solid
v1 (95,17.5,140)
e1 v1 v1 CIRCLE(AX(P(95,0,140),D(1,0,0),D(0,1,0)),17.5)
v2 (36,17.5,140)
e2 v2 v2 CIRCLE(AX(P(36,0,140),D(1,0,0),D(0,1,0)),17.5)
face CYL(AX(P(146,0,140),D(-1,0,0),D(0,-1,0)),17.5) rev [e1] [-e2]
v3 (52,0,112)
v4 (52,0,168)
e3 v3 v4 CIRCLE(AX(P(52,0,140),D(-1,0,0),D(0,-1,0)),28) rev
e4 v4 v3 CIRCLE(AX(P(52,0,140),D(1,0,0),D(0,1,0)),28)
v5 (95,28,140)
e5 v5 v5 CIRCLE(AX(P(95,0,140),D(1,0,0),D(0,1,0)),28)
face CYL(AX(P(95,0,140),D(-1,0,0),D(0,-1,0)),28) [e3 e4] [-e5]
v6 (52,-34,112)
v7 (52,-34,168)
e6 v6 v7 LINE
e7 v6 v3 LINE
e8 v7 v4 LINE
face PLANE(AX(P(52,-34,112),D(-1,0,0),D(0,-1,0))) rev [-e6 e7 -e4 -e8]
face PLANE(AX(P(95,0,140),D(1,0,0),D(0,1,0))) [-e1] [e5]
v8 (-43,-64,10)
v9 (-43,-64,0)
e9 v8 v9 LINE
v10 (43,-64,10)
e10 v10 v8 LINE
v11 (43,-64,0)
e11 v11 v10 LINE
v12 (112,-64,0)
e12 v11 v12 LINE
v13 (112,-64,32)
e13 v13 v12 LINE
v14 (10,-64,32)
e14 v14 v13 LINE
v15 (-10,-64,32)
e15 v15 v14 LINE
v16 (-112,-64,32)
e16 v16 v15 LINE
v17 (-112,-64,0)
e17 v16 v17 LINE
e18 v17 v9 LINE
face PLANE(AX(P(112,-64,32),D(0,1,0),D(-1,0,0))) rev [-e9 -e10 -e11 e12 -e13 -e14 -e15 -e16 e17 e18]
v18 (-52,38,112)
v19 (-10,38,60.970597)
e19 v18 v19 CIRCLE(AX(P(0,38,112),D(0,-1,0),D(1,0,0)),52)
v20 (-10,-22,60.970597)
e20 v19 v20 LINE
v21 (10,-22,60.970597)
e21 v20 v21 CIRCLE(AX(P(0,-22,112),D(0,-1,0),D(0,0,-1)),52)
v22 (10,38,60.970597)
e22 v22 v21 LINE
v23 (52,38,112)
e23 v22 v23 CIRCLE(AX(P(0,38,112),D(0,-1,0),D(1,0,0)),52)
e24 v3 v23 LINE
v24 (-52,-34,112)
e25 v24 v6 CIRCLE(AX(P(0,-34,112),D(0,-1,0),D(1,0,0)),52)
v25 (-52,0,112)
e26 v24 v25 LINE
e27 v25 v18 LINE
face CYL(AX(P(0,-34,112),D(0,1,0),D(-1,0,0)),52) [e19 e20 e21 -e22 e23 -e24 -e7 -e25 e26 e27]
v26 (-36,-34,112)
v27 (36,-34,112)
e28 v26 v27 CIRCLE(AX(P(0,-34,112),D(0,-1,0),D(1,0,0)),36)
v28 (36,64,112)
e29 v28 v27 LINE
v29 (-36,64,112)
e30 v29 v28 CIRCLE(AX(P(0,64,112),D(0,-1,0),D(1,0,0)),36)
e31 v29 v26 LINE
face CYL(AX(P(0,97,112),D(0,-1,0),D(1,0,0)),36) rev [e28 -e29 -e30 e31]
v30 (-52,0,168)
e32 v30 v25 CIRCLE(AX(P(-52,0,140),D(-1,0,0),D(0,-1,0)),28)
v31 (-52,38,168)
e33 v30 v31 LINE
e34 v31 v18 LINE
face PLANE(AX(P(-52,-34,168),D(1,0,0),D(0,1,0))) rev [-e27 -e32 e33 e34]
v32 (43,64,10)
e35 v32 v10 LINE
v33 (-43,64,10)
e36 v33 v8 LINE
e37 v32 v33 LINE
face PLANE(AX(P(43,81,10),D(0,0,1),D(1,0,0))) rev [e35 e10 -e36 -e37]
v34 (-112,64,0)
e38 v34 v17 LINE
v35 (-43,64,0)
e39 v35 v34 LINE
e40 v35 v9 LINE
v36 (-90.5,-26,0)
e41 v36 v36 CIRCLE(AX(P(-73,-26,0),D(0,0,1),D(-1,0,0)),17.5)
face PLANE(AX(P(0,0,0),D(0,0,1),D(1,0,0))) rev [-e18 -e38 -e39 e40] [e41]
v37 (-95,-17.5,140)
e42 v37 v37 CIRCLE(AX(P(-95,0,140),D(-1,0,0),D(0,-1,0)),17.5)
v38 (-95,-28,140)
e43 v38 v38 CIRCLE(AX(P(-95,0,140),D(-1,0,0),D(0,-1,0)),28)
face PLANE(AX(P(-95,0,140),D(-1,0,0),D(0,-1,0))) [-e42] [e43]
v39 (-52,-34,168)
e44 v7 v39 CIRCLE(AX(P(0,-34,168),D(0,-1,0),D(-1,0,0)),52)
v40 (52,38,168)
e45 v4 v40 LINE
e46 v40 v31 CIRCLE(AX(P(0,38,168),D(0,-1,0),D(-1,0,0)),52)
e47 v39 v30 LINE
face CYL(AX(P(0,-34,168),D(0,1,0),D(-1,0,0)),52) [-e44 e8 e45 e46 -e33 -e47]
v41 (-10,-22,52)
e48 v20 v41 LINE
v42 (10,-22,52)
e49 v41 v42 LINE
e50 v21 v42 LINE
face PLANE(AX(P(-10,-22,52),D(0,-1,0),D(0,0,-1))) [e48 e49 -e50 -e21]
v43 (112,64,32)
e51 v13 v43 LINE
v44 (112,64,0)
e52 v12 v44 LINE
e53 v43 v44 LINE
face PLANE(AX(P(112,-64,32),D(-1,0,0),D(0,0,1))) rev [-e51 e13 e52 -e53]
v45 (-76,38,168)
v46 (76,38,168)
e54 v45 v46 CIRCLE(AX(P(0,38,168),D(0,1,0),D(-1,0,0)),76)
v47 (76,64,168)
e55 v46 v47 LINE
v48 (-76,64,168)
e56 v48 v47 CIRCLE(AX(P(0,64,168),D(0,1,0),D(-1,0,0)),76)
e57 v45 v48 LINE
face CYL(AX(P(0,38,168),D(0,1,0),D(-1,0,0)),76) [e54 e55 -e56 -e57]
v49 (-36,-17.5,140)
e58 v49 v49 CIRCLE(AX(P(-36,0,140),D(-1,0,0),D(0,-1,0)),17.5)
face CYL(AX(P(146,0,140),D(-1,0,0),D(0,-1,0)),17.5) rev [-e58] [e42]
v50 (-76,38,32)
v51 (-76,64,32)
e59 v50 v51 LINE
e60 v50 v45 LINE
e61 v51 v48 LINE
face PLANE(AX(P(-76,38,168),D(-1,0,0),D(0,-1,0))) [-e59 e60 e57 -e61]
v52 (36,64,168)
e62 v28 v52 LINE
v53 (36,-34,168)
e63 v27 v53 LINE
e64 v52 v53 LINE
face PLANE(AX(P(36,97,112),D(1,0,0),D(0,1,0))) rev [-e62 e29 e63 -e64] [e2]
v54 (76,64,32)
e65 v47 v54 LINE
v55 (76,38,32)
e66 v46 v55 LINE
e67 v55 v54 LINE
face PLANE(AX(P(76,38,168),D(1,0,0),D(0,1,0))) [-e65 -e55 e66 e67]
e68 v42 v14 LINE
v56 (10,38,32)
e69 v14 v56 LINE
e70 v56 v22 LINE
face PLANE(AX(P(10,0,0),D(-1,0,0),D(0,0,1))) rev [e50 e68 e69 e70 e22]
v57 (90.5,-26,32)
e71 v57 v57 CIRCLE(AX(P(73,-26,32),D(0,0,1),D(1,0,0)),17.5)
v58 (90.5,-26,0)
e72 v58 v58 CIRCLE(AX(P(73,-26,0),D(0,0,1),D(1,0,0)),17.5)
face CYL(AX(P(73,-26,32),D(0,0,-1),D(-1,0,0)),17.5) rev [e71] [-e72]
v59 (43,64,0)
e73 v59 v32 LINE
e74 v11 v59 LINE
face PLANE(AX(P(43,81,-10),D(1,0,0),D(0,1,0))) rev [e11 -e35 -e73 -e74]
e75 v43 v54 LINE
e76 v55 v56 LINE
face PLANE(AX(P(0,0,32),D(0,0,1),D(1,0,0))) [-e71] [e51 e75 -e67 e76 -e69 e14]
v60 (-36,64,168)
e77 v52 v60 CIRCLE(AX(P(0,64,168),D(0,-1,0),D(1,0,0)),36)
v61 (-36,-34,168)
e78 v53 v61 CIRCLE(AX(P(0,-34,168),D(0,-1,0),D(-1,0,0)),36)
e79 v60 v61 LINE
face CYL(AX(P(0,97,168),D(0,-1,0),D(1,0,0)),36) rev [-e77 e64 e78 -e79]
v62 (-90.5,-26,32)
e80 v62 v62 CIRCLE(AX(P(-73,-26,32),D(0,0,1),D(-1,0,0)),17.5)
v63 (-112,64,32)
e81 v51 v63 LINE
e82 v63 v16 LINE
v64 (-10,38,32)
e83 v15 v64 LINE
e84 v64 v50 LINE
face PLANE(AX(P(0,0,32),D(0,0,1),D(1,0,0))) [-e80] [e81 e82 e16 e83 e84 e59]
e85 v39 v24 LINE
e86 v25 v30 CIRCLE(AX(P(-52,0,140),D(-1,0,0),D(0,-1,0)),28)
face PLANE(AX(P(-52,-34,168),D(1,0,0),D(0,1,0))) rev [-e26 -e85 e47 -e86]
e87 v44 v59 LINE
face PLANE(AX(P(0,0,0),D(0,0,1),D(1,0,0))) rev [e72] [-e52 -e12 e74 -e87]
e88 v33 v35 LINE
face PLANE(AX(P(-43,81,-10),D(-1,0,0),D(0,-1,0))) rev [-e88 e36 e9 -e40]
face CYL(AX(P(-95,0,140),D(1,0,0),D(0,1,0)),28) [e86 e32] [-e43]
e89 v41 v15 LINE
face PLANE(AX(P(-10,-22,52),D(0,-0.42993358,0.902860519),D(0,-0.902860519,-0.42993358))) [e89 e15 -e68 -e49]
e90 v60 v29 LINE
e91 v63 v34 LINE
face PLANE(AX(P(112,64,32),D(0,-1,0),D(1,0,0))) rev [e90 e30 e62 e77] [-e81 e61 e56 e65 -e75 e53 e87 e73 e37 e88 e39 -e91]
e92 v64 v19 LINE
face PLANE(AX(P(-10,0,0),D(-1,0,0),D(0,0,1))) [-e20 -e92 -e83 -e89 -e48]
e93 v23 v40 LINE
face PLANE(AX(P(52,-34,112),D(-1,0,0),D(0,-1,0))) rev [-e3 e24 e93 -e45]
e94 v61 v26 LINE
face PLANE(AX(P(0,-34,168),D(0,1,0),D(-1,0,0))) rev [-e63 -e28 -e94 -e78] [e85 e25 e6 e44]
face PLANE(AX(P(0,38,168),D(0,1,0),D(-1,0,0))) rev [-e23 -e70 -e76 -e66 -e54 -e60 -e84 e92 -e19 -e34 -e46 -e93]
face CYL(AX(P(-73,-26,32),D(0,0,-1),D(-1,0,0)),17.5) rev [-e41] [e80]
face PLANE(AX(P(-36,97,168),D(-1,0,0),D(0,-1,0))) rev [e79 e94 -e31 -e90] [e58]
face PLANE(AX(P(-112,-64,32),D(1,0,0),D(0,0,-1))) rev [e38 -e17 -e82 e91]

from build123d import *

# Parameters (mm, degrees)
SKETCH_1_W           = 224
SKETCH_1_H           = 128
SKETCH_1_R           = 17.5
EXTRUDE_1_DEPTH      = 32
SKETCH_2_W           = 86
SKETCH_2_H           = 20
CUT_EXTRUDE_1_DEPTH  = 145
EXTRUDE_2_DEPTH      = 26
EXTRUDE_3_DEPTH      = 72
CUT_EXTRUDE_2_DEPTH  = 131
SKETCH_6_R           = 28
EXTRUDE_5_DEPTH      = 43
EXTRUDE_START        = 43
SKETCH_7_R           = 28
EXTRUDE_6_DEPTH      = 43
SKETCH_8_R           = 17.5
CUT_EXTRUDE_3_DEPTH  = 241
EXTRUDE_7_DEPTH      = 10
EXTRUDE_7_DEPTH_BACK = 10


with BuildPart() as part:
    # 草图1 → 凸台-拉伸1 (new body)
    with BuildSketch(Plane.XY):
        Rectangle(SKETCH_1_W, SKETCH_1_H)
        with Locations((73, -26)):
            Circle(SKETCH_1_R, mode=Mode.SUBTRACT)
        with Locations(Location((-73, -26, 0), (0, 0, 180))):
            Circle(SKETCH_1_R, mode=Mode.SUBTRACT)
    extrude(amount=EXTRUDE_1_DEPTH)

    # 草图2 → 切除-拉伸1 (cut)
    with BuildSketch(Plane.XZ.offset(64)):
        Rectangle(SKETCH_2_W, SKETCH_2_H)
    extrude(amount=-CUT_EXTRUDE_1_DEPTH, mode=Mode.SUBTRACT)

    # 草图3 → 凸台-拉伸2 (add)
    with BuildSketch(Plane(origin=(0, 64, 0), x_dir=(1, 0, 0), z_dir=(0, 1, 0))):
        with BuildLine():
            Line((76, -168), (76, -32))
            Line((76, -32), (-76, -32))
            Line((-76, -32), (-76, -168))
            ThreePointArc((-76, -168), (0, -244), (76, -168))
        make_face()
    extrude(amount=-EXTRUDE_2_DEPTH)

    # 草图4 → 凸台-拉伸3 (add)
    with BuildSketch(Plane.XZ.offset(-38)):
        with BuildLine():
            Line((-52, 168), (-52, 112))
            ThreePointArc((-52, 112), (0, 60), (52, 112))
            Line((52, 112), (52, 168))
            ThreePointArc((52, 168), (0, 220), (-52, 168))
        make_face()
    extrude(amount=EXTRUDE_3_DEPTH)

    # 草图5 → 切除-拉伸2 (cut)
    with BuildSketch(Plane.XZ.offset(34)):
        with BuildLine():
            Line((-36, 168), (-36, 112))
            ThreePointArc((-36, 112), (0, 76), (36, 112))
            Line((36, 112), (36, 168))
            ThreePointArc((36, 168), (0, 204), (-36, 168))
        make_face()
    extrude(amount=-CUT_EXTRUDE_2_DEPTH, mode=Mode.SUBTRACT)

    # 草图6 → 凸台-拉伸5 (add)
    with BuildSketch(Plane.ZY.offset(52)):
        with Locations(Location((140, 0, 0), (0, 0, 180))):
            Circle(SKETCH_6_R)
    extrude(amount=EXTRUDE_5_DEPTH)

    # 草图7 → 凸台-拉伸6 (add)
    with BuildSketch(Plane(origin=(52, 0, 0), x_dir=(0, 0, -1), z_dir=(1, 0, 0)).offset(EXTRUDE_START)):
        with Locations((-140, 0)):
            Circle(SKETCH_7_R)
    extrude(amount=-EXTRUDE_6_DEPTH)

    # 草图8 → 切除-拉伸3 (cut)
    with BuildSketch(Plane.ZY.offset(95)):
        with Locations(Location((140, 0, 0), (0, 0, 90))):
            Circle(SKETCH_8_R)
    extrude(amount=-CUT_EXTRUDE_3_DEPTH, mode=Mode.SUBTRACT)

    # 草图9 → 凸台-拉伸7 (add, two sides: drawn at the far end of the back side and taken through both)
    with BuildSketch(Plane(origin=(0, 0, 0), x_dir=(0, 0, -1), z_dir=(1, 0, 0)).offset(-EXTRUDE_7_DEPTH_BACK)):
        Polygon((-52, -22), (-67.637033122, -22), (-67.637033122, 38), (-32, 38), (-32, -64), align=None)
    extrude(amount=EXTRUDE_7_DEPTH + EXTRUDE_7_DEPTH_BACK)


solid = part.part
